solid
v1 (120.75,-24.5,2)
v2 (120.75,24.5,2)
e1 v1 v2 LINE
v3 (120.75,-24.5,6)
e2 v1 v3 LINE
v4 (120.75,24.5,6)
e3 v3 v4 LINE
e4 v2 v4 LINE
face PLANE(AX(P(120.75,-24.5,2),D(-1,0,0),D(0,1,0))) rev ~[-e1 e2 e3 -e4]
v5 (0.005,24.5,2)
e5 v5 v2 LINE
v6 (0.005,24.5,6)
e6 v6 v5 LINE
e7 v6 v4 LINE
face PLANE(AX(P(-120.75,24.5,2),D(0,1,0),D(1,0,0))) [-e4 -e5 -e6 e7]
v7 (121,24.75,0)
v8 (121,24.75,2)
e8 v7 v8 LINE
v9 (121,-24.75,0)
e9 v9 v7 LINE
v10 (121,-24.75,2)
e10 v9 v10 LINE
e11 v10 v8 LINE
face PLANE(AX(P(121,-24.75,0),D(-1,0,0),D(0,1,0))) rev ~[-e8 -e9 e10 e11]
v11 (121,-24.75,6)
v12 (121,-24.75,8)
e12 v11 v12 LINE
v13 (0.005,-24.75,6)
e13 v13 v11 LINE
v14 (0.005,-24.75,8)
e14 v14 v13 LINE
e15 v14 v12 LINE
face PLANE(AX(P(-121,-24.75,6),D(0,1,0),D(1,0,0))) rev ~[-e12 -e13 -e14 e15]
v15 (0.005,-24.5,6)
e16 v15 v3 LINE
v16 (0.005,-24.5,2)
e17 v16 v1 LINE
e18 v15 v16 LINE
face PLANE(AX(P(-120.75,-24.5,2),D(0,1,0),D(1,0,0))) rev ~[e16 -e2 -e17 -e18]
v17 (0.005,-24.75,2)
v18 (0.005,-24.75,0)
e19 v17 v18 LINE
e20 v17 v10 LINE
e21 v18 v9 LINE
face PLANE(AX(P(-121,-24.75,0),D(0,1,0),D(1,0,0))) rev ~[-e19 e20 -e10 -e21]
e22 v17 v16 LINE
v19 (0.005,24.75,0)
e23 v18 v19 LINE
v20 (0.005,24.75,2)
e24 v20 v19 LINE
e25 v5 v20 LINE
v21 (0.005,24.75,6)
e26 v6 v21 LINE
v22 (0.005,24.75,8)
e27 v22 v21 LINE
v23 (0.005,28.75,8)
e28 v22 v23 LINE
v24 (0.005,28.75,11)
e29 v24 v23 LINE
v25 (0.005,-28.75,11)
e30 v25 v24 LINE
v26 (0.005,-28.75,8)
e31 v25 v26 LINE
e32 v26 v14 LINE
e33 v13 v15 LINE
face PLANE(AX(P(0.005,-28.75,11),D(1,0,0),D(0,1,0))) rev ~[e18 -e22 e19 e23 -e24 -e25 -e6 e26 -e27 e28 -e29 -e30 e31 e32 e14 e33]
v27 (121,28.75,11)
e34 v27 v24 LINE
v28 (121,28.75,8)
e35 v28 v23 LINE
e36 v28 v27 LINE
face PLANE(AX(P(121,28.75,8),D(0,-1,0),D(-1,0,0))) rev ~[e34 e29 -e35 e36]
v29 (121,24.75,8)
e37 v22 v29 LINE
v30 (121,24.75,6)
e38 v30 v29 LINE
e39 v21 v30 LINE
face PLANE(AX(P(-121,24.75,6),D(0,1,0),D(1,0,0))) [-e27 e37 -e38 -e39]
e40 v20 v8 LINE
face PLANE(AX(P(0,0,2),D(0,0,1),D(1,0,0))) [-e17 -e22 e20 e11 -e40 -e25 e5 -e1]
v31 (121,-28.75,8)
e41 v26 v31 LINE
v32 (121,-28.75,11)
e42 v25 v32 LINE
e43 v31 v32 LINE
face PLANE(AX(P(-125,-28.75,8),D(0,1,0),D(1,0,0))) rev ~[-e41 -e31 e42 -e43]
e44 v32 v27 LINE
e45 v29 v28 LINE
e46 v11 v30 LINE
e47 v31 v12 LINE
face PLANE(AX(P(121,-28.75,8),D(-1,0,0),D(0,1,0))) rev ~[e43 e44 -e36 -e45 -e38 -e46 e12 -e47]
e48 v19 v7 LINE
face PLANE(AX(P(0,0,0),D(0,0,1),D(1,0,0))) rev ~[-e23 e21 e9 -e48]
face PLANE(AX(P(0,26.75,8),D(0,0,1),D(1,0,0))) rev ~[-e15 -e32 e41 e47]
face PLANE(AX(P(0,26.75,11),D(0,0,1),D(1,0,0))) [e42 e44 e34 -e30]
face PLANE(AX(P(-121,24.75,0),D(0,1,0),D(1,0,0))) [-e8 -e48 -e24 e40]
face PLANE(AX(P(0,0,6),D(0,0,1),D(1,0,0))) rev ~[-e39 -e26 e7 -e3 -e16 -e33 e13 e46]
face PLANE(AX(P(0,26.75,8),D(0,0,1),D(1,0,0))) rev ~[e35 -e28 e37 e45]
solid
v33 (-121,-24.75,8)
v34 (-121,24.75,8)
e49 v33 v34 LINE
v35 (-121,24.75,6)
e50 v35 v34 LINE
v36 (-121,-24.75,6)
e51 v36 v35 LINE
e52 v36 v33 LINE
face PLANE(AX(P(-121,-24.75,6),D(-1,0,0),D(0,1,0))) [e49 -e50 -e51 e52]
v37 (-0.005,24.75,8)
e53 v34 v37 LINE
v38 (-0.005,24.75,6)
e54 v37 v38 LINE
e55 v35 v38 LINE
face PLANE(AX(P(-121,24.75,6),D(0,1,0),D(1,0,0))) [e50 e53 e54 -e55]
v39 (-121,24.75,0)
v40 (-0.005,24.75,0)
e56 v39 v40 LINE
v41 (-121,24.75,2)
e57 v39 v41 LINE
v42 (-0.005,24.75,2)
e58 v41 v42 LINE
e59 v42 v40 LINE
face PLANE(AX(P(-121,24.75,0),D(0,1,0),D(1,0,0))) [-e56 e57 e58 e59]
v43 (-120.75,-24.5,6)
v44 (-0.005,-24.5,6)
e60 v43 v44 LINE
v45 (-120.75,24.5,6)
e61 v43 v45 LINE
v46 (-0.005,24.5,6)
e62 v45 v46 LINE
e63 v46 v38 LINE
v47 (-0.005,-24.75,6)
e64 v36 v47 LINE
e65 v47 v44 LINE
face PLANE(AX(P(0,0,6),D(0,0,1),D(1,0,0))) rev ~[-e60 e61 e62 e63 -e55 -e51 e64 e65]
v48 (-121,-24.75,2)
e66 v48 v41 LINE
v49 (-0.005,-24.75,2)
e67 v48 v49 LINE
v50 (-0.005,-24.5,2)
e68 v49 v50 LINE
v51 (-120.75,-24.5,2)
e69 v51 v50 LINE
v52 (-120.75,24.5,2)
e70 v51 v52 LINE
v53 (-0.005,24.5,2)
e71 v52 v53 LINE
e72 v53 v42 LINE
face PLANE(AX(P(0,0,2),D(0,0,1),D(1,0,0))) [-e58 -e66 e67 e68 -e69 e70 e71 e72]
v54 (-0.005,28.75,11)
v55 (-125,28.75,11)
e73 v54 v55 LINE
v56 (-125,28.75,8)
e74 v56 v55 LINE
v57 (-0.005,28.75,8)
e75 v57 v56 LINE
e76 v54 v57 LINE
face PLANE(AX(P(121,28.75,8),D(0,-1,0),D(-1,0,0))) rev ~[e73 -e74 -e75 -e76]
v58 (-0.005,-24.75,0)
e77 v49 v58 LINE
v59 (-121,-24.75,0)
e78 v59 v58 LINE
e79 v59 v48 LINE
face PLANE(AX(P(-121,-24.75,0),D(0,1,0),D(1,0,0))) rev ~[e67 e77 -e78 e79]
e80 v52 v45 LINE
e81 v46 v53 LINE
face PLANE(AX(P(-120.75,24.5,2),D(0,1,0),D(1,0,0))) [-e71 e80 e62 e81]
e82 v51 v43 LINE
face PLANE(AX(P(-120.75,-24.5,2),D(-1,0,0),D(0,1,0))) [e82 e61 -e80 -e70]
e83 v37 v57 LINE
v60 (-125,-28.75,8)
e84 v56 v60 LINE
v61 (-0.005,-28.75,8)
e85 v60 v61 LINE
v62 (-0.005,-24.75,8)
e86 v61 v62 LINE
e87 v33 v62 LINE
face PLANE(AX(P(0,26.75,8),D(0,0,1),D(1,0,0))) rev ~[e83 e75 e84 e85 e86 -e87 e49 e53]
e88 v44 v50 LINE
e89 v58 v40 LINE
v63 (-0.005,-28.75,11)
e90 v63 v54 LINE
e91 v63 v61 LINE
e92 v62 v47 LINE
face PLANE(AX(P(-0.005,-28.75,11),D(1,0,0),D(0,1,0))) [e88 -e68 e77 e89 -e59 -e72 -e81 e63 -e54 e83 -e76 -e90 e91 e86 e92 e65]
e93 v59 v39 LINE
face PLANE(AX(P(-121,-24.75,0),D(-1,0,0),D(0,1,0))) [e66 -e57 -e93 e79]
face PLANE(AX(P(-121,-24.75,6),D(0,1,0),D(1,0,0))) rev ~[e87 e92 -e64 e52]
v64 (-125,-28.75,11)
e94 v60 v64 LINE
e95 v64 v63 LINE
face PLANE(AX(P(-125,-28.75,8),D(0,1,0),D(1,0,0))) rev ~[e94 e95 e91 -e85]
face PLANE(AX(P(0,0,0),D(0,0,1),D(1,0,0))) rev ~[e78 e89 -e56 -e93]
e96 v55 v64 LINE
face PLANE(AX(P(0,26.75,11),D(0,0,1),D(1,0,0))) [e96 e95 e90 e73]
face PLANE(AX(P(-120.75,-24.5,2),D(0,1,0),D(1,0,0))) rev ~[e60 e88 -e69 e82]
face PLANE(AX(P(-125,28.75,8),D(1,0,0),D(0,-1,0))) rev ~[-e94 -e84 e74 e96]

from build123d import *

# Parameters (mm, degrees)
F0_W     = 242
F0_H     = 49.5
F1_DEPTH = 2
F2_W     = 241.5
F2_H     = 49
F3_DEPTH = 4
F4_W     = 242
F4_H     = 49.5
F5_DEPTH = 2
F6_W     = 242
F6_H     = 4
F6_H_2   = 49.5
F7_DEPTH = 3
F8_W     = 0.01
F8_H     = 57.5
F9_DEPTH = 25


with BuildPart() as f1:
    # F0 (on Top) → F1 (new body)
    with BuildSketch(Plane.XY):
        Rectangle(F0_W, F0_H)
    extrude(amount=F1_DEPTH)

    # F2 (on face) → F3 (join)
    with BuildSketch(Plane.XY.offset(2)):
        Rectangle(F2_W, F2_H)
    extrude(amount=F3_DEPTH)

    # F4 (on face) → F5 (join)
    with BuildSketch(Plane.XY.offset(6)):
        Rectangle(F4_W, F4_H)
    extrude(amount=F5_DEPTH)

    # F6 (on face) → F7 (join)
    with BuildSketch(Plane.XY.offset(8)):
        with Locations((0, 26.75)):
            Rectangle(F6_W, F6_H)
        Polygon((-121, -24.75), (-121, 24.75), (-121, 28.75), (-125, 28.75), (-125, -28.75), (-121, -28.75), align=None)
        with Locations((0, -26.75)):
            Rectangle(F6_W, F6_H)
        Rectangle(F6_W, F6_H_2)
    extrude(amount=F7_DEPTH)

    # F8 (on face) → F9 (cut)
    with BuildSketch(Plane.XY.offset(11)):
        Rectangle(F8_W, F8_H)
    extrude(amount=-F9_DEPTH, mode=Mode.SUBTRACT)


solid = f1.part
